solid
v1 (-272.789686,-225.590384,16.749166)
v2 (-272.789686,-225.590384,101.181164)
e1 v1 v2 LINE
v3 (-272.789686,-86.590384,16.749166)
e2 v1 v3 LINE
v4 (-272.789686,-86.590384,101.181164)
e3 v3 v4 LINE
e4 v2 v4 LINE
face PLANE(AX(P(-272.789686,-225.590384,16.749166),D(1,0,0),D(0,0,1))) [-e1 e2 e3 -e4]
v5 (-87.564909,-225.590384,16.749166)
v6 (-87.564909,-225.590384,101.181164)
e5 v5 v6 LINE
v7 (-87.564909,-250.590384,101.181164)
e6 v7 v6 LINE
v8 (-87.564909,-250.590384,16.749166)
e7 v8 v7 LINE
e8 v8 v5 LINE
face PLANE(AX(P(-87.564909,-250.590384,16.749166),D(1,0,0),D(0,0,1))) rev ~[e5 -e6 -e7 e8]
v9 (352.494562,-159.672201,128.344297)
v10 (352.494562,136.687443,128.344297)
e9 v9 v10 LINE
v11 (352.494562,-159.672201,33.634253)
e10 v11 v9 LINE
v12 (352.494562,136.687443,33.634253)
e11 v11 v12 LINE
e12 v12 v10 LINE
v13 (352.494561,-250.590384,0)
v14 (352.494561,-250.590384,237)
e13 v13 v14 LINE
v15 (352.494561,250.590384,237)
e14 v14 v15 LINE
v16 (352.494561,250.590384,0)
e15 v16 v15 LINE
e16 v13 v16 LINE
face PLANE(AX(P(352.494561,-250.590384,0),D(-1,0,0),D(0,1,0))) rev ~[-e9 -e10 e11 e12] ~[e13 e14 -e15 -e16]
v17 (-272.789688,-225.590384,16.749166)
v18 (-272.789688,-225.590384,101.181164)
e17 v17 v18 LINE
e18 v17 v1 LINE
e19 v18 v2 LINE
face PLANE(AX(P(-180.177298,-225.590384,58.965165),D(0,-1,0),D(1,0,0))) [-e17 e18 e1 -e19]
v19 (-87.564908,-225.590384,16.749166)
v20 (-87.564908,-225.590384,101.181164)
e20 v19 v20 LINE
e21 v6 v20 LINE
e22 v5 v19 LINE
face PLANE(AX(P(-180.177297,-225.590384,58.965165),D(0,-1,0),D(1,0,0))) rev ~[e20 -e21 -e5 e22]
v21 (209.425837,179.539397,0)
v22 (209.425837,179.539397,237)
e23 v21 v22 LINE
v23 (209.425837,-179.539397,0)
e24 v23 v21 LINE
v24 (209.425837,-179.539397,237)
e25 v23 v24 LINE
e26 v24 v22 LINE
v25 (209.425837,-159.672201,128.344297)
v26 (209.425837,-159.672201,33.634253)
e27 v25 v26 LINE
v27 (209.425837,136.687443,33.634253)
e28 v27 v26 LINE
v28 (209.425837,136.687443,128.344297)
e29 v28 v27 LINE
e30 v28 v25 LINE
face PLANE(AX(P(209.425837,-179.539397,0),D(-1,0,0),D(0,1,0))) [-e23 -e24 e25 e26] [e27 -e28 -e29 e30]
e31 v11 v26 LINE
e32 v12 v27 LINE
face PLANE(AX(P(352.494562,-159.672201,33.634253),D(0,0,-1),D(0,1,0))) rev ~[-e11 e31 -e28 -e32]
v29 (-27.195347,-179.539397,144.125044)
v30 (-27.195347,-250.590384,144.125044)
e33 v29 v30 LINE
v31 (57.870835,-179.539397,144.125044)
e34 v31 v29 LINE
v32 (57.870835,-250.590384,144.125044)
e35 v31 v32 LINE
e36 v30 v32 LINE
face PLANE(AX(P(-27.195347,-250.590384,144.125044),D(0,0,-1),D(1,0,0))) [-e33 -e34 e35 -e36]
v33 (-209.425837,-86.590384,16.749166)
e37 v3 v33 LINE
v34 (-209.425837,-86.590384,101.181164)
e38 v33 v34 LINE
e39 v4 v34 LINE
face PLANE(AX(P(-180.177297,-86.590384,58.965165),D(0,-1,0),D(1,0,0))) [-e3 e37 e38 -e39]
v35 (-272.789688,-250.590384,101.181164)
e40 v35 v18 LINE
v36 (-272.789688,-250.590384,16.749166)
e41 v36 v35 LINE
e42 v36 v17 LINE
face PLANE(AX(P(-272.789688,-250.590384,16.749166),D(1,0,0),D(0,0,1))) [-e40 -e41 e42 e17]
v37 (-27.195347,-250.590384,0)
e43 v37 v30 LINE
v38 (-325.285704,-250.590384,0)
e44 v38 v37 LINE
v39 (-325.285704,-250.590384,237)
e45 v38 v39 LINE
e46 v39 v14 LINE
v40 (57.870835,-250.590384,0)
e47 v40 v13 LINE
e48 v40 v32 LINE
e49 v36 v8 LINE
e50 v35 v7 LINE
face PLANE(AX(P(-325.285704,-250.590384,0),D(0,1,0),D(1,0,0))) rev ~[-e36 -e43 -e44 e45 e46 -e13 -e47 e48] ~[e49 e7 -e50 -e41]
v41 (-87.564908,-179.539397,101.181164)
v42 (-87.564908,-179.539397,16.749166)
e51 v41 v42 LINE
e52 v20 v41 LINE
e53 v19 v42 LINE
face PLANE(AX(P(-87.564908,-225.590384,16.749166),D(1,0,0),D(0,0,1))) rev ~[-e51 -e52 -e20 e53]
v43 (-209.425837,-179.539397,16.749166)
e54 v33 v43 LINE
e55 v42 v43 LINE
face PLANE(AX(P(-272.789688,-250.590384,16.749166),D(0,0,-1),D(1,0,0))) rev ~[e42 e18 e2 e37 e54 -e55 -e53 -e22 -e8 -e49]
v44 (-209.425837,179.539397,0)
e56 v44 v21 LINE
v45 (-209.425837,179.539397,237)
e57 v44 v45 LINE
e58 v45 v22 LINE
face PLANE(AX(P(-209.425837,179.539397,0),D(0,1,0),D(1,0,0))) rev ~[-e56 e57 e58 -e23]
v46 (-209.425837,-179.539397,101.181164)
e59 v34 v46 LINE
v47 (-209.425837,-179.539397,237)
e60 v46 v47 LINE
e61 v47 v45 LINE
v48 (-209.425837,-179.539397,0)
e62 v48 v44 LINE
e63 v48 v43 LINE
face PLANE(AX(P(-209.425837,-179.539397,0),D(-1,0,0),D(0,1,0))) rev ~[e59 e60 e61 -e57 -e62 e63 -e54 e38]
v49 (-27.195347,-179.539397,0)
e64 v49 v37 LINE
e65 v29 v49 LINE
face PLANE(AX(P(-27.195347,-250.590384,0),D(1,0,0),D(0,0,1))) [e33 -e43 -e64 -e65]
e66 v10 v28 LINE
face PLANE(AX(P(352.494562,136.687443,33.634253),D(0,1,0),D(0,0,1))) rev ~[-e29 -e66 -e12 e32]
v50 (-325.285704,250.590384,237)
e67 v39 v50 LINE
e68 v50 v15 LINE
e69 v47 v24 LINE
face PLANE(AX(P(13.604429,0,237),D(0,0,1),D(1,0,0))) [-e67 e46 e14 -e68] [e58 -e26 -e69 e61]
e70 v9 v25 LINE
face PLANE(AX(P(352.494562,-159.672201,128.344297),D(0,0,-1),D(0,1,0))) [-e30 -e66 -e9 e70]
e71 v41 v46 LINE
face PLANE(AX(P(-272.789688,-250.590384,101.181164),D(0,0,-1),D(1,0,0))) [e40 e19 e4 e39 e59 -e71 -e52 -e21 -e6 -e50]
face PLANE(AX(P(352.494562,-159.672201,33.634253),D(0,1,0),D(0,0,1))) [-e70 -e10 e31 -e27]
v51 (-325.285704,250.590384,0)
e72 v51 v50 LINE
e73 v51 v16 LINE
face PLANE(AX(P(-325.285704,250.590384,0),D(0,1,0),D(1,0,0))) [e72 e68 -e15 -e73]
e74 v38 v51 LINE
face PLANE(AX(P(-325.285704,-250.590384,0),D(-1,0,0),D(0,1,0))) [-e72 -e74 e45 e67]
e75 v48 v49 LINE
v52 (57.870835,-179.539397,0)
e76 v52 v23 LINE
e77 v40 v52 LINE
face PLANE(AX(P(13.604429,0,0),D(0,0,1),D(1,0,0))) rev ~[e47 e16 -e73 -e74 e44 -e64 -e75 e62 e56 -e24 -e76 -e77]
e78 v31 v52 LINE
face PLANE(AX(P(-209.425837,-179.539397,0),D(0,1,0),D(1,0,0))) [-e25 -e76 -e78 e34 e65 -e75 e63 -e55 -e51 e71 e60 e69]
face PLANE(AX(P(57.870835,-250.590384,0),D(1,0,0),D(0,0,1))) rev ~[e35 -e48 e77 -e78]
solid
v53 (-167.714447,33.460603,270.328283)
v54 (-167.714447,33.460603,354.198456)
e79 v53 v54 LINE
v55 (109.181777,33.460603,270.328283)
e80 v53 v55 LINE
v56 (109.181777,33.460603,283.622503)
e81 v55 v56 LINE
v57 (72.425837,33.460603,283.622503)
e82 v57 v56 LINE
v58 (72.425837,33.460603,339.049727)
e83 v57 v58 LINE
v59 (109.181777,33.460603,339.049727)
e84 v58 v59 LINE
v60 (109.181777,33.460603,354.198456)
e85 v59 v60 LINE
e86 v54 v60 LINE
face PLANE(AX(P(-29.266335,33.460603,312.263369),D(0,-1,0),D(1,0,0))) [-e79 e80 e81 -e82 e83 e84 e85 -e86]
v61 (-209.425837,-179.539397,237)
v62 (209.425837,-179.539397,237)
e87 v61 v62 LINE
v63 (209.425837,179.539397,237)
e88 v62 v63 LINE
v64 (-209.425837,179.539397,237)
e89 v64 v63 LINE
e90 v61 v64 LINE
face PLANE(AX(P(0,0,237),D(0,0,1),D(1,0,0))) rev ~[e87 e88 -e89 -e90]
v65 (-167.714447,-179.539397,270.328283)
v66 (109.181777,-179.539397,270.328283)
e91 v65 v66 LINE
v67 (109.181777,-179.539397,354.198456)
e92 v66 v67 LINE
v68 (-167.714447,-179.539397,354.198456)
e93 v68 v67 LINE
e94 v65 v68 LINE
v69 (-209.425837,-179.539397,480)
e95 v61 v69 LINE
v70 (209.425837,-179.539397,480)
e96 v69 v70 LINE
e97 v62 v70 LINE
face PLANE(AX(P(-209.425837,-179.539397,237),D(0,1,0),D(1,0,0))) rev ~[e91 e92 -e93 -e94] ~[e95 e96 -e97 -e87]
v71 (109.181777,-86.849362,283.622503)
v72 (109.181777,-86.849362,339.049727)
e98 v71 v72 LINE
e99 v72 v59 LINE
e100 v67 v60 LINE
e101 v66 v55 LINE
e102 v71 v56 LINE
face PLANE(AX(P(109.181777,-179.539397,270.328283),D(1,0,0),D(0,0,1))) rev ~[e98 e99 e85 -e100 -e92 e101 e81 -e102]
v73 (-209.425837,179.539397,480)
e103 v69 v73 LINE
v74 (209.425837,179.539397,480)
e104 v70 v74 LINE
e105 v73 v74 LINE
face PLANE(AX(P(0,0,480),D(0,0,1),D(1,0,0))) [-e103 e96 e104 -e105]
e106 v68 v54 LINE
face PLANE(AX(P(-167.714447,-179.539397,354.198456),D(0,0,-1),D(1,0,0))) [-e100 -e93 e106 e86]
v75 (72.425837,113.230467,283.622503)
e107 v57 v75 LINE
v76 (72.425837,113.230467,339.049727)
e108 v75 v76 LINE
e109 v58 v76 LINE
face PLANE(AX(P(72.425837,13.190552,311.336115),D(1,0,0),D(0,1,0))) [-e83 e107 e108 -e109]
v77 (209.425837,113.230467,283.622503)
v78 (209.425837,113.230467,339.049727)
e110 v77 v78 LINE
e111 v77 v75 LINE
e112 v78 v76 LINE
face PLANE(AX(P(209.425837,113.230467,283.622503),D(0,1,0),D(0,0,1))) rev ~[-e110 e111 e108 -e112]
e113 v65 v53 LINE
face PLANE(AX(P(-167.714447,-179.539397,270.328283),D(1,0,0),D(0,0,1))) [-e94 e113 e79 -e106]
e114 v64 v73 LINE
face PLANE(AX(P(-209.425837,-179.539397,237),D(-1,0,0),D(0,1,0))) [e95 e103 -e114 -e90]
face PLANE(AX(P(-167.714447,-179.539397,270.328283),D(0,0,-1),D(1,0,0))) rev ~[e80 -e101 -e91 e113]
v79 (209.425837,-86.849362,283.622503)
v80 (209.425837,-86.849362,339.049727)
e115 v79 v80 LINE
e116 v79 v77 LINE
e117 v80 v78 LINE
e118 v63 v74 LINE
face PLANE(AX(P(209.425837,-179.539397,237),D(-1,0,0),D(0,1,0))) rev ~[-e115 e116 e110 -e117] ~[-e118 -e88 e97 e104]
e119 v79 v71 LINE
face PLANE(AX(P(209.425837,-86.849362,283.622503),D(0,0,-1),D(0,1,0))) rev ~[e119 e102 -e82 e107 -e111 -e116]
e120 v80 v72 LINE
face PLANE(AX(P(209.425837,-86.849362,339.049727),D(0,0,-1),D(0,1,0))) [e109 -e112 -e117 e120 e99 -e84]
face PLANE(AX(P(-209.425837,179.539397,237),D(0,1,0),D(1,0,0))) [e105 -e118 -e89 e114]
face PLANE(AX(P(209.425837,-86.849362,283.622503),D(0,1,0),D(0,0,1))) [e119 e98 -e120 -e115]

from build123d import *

# Parameters (mm, degrees)
F0_W      = 677.780265
F0_H      = 501.180768
F0_W_2    = 418.851674
F0_H_2    = 359.078794
F1_DEPTH  = 237
F2_W      = 85.066182
F2_H      = 144.125044
F3_DEPTH  = 154
F2_W_2    = 185.224779
F2_H_2    = 84.431998
F4_DEPTH  = 25
F5_W      = 296.359644
F5_H      = 94.710044
F6_DEPTH  = 381
F4_FACE_W = 185.224778
F4_FACE_H = 84.431998
F7_DEPTH  = 139
F8_W      = 418.851674
F8_H      = 359.078794
F9_DEPTH  = 243
F10_W     = 276.896224
F10_H     = 83.870173
F11_DEPTH = 213
F12_W     = 200.079829
F12_H     = 55.427224
F13_DEPTH = 137


with BuildPart() as f1:
    # F0 (on Top) → F1 (new body)
    with BuildSketch(Plane.XY):
        with Locations((13.604429, 0)):
            Rectangle(F0_W, F0_H)
        Rectangle(F0_W_2, F0_H_2, mode=Mode.SUBTRACT)
    extrude(amount=F1_DEPTH)

    # F2 (on face) → F3 (cut)
    with BuildSketch(Plane.XZ.offset(250.590384)):
        with Locations((15.337744, 72.062522)):
            Rectangle(F2_W, F2_H)
    extrude(amount=-F3_DEPTH, mode=Mode.SUBTRACT)

    # F2 (on face) → F4 (cut)
    with BuildSketch(Plane.XZ.offset(250.590384)):
        with Locations((15.337744, 72.062522)):
            Rectangle(F2_W, F2_H)
        with Locations((-180.177298, 58.965165)):
            Rectangle(F2_W_2, F2_H_2)
    extrude(amount=-F4_DEPTH, mode=Mode.SUBTRACT)

    # F5 (on face) → F6 (cut)
    with BuildSketch(Plane.YZ.offset(352.494562)):
        with Locations((-11.492379, 80.989275)):
            Rectangle(F5_W, F5_H)
    extrude(amount=-F6_DEPTH, mode=Mode.SUBTRACT)

    # F4_face (on face) → F7 (cut)
    with BuildSketch(Plane(origin=(-180.177297, -225.590384, 58.965165), x_dir=(1, 0, 0), z_dir=(0, -1, 0))):
        Rectangle(F4_FACE_W, F4_FACE_H)
    extrude(amount=-F7_DEPTH, mode=Mode.SUBTRACT)


with BuildPart() as f9:
    # F8 (on face) → F9 (new body)
    with BuildSketch(Plane.XY.offset(237)):
        Rectangle(F8_W, F8_H)
    extrude(amount=F9_DEPTH)

    # F10 (on face) → F11 (cut)
    with BuildSketch(Plane.XZ.offset(179.539397)):
        with Locations((-29.266335, 312.263369)):
            Rectangle(F10_W, F10_H)
    extrude(amount=-F11_DEPTH, mode=Mode.SUBTRACT)

    # F12 (on face) → F13 (cut)
    with BuildSketch(Plane.YZ.offset(209.425837)):
        with Locations((13.190552, 311.336115)):
            Rectangle(F12_W, F12_H)
    extrude(amount=-F13_DEPTH, mode=Mode.SUBTRACT)


solid = Compound([f1.part, f9.part])
